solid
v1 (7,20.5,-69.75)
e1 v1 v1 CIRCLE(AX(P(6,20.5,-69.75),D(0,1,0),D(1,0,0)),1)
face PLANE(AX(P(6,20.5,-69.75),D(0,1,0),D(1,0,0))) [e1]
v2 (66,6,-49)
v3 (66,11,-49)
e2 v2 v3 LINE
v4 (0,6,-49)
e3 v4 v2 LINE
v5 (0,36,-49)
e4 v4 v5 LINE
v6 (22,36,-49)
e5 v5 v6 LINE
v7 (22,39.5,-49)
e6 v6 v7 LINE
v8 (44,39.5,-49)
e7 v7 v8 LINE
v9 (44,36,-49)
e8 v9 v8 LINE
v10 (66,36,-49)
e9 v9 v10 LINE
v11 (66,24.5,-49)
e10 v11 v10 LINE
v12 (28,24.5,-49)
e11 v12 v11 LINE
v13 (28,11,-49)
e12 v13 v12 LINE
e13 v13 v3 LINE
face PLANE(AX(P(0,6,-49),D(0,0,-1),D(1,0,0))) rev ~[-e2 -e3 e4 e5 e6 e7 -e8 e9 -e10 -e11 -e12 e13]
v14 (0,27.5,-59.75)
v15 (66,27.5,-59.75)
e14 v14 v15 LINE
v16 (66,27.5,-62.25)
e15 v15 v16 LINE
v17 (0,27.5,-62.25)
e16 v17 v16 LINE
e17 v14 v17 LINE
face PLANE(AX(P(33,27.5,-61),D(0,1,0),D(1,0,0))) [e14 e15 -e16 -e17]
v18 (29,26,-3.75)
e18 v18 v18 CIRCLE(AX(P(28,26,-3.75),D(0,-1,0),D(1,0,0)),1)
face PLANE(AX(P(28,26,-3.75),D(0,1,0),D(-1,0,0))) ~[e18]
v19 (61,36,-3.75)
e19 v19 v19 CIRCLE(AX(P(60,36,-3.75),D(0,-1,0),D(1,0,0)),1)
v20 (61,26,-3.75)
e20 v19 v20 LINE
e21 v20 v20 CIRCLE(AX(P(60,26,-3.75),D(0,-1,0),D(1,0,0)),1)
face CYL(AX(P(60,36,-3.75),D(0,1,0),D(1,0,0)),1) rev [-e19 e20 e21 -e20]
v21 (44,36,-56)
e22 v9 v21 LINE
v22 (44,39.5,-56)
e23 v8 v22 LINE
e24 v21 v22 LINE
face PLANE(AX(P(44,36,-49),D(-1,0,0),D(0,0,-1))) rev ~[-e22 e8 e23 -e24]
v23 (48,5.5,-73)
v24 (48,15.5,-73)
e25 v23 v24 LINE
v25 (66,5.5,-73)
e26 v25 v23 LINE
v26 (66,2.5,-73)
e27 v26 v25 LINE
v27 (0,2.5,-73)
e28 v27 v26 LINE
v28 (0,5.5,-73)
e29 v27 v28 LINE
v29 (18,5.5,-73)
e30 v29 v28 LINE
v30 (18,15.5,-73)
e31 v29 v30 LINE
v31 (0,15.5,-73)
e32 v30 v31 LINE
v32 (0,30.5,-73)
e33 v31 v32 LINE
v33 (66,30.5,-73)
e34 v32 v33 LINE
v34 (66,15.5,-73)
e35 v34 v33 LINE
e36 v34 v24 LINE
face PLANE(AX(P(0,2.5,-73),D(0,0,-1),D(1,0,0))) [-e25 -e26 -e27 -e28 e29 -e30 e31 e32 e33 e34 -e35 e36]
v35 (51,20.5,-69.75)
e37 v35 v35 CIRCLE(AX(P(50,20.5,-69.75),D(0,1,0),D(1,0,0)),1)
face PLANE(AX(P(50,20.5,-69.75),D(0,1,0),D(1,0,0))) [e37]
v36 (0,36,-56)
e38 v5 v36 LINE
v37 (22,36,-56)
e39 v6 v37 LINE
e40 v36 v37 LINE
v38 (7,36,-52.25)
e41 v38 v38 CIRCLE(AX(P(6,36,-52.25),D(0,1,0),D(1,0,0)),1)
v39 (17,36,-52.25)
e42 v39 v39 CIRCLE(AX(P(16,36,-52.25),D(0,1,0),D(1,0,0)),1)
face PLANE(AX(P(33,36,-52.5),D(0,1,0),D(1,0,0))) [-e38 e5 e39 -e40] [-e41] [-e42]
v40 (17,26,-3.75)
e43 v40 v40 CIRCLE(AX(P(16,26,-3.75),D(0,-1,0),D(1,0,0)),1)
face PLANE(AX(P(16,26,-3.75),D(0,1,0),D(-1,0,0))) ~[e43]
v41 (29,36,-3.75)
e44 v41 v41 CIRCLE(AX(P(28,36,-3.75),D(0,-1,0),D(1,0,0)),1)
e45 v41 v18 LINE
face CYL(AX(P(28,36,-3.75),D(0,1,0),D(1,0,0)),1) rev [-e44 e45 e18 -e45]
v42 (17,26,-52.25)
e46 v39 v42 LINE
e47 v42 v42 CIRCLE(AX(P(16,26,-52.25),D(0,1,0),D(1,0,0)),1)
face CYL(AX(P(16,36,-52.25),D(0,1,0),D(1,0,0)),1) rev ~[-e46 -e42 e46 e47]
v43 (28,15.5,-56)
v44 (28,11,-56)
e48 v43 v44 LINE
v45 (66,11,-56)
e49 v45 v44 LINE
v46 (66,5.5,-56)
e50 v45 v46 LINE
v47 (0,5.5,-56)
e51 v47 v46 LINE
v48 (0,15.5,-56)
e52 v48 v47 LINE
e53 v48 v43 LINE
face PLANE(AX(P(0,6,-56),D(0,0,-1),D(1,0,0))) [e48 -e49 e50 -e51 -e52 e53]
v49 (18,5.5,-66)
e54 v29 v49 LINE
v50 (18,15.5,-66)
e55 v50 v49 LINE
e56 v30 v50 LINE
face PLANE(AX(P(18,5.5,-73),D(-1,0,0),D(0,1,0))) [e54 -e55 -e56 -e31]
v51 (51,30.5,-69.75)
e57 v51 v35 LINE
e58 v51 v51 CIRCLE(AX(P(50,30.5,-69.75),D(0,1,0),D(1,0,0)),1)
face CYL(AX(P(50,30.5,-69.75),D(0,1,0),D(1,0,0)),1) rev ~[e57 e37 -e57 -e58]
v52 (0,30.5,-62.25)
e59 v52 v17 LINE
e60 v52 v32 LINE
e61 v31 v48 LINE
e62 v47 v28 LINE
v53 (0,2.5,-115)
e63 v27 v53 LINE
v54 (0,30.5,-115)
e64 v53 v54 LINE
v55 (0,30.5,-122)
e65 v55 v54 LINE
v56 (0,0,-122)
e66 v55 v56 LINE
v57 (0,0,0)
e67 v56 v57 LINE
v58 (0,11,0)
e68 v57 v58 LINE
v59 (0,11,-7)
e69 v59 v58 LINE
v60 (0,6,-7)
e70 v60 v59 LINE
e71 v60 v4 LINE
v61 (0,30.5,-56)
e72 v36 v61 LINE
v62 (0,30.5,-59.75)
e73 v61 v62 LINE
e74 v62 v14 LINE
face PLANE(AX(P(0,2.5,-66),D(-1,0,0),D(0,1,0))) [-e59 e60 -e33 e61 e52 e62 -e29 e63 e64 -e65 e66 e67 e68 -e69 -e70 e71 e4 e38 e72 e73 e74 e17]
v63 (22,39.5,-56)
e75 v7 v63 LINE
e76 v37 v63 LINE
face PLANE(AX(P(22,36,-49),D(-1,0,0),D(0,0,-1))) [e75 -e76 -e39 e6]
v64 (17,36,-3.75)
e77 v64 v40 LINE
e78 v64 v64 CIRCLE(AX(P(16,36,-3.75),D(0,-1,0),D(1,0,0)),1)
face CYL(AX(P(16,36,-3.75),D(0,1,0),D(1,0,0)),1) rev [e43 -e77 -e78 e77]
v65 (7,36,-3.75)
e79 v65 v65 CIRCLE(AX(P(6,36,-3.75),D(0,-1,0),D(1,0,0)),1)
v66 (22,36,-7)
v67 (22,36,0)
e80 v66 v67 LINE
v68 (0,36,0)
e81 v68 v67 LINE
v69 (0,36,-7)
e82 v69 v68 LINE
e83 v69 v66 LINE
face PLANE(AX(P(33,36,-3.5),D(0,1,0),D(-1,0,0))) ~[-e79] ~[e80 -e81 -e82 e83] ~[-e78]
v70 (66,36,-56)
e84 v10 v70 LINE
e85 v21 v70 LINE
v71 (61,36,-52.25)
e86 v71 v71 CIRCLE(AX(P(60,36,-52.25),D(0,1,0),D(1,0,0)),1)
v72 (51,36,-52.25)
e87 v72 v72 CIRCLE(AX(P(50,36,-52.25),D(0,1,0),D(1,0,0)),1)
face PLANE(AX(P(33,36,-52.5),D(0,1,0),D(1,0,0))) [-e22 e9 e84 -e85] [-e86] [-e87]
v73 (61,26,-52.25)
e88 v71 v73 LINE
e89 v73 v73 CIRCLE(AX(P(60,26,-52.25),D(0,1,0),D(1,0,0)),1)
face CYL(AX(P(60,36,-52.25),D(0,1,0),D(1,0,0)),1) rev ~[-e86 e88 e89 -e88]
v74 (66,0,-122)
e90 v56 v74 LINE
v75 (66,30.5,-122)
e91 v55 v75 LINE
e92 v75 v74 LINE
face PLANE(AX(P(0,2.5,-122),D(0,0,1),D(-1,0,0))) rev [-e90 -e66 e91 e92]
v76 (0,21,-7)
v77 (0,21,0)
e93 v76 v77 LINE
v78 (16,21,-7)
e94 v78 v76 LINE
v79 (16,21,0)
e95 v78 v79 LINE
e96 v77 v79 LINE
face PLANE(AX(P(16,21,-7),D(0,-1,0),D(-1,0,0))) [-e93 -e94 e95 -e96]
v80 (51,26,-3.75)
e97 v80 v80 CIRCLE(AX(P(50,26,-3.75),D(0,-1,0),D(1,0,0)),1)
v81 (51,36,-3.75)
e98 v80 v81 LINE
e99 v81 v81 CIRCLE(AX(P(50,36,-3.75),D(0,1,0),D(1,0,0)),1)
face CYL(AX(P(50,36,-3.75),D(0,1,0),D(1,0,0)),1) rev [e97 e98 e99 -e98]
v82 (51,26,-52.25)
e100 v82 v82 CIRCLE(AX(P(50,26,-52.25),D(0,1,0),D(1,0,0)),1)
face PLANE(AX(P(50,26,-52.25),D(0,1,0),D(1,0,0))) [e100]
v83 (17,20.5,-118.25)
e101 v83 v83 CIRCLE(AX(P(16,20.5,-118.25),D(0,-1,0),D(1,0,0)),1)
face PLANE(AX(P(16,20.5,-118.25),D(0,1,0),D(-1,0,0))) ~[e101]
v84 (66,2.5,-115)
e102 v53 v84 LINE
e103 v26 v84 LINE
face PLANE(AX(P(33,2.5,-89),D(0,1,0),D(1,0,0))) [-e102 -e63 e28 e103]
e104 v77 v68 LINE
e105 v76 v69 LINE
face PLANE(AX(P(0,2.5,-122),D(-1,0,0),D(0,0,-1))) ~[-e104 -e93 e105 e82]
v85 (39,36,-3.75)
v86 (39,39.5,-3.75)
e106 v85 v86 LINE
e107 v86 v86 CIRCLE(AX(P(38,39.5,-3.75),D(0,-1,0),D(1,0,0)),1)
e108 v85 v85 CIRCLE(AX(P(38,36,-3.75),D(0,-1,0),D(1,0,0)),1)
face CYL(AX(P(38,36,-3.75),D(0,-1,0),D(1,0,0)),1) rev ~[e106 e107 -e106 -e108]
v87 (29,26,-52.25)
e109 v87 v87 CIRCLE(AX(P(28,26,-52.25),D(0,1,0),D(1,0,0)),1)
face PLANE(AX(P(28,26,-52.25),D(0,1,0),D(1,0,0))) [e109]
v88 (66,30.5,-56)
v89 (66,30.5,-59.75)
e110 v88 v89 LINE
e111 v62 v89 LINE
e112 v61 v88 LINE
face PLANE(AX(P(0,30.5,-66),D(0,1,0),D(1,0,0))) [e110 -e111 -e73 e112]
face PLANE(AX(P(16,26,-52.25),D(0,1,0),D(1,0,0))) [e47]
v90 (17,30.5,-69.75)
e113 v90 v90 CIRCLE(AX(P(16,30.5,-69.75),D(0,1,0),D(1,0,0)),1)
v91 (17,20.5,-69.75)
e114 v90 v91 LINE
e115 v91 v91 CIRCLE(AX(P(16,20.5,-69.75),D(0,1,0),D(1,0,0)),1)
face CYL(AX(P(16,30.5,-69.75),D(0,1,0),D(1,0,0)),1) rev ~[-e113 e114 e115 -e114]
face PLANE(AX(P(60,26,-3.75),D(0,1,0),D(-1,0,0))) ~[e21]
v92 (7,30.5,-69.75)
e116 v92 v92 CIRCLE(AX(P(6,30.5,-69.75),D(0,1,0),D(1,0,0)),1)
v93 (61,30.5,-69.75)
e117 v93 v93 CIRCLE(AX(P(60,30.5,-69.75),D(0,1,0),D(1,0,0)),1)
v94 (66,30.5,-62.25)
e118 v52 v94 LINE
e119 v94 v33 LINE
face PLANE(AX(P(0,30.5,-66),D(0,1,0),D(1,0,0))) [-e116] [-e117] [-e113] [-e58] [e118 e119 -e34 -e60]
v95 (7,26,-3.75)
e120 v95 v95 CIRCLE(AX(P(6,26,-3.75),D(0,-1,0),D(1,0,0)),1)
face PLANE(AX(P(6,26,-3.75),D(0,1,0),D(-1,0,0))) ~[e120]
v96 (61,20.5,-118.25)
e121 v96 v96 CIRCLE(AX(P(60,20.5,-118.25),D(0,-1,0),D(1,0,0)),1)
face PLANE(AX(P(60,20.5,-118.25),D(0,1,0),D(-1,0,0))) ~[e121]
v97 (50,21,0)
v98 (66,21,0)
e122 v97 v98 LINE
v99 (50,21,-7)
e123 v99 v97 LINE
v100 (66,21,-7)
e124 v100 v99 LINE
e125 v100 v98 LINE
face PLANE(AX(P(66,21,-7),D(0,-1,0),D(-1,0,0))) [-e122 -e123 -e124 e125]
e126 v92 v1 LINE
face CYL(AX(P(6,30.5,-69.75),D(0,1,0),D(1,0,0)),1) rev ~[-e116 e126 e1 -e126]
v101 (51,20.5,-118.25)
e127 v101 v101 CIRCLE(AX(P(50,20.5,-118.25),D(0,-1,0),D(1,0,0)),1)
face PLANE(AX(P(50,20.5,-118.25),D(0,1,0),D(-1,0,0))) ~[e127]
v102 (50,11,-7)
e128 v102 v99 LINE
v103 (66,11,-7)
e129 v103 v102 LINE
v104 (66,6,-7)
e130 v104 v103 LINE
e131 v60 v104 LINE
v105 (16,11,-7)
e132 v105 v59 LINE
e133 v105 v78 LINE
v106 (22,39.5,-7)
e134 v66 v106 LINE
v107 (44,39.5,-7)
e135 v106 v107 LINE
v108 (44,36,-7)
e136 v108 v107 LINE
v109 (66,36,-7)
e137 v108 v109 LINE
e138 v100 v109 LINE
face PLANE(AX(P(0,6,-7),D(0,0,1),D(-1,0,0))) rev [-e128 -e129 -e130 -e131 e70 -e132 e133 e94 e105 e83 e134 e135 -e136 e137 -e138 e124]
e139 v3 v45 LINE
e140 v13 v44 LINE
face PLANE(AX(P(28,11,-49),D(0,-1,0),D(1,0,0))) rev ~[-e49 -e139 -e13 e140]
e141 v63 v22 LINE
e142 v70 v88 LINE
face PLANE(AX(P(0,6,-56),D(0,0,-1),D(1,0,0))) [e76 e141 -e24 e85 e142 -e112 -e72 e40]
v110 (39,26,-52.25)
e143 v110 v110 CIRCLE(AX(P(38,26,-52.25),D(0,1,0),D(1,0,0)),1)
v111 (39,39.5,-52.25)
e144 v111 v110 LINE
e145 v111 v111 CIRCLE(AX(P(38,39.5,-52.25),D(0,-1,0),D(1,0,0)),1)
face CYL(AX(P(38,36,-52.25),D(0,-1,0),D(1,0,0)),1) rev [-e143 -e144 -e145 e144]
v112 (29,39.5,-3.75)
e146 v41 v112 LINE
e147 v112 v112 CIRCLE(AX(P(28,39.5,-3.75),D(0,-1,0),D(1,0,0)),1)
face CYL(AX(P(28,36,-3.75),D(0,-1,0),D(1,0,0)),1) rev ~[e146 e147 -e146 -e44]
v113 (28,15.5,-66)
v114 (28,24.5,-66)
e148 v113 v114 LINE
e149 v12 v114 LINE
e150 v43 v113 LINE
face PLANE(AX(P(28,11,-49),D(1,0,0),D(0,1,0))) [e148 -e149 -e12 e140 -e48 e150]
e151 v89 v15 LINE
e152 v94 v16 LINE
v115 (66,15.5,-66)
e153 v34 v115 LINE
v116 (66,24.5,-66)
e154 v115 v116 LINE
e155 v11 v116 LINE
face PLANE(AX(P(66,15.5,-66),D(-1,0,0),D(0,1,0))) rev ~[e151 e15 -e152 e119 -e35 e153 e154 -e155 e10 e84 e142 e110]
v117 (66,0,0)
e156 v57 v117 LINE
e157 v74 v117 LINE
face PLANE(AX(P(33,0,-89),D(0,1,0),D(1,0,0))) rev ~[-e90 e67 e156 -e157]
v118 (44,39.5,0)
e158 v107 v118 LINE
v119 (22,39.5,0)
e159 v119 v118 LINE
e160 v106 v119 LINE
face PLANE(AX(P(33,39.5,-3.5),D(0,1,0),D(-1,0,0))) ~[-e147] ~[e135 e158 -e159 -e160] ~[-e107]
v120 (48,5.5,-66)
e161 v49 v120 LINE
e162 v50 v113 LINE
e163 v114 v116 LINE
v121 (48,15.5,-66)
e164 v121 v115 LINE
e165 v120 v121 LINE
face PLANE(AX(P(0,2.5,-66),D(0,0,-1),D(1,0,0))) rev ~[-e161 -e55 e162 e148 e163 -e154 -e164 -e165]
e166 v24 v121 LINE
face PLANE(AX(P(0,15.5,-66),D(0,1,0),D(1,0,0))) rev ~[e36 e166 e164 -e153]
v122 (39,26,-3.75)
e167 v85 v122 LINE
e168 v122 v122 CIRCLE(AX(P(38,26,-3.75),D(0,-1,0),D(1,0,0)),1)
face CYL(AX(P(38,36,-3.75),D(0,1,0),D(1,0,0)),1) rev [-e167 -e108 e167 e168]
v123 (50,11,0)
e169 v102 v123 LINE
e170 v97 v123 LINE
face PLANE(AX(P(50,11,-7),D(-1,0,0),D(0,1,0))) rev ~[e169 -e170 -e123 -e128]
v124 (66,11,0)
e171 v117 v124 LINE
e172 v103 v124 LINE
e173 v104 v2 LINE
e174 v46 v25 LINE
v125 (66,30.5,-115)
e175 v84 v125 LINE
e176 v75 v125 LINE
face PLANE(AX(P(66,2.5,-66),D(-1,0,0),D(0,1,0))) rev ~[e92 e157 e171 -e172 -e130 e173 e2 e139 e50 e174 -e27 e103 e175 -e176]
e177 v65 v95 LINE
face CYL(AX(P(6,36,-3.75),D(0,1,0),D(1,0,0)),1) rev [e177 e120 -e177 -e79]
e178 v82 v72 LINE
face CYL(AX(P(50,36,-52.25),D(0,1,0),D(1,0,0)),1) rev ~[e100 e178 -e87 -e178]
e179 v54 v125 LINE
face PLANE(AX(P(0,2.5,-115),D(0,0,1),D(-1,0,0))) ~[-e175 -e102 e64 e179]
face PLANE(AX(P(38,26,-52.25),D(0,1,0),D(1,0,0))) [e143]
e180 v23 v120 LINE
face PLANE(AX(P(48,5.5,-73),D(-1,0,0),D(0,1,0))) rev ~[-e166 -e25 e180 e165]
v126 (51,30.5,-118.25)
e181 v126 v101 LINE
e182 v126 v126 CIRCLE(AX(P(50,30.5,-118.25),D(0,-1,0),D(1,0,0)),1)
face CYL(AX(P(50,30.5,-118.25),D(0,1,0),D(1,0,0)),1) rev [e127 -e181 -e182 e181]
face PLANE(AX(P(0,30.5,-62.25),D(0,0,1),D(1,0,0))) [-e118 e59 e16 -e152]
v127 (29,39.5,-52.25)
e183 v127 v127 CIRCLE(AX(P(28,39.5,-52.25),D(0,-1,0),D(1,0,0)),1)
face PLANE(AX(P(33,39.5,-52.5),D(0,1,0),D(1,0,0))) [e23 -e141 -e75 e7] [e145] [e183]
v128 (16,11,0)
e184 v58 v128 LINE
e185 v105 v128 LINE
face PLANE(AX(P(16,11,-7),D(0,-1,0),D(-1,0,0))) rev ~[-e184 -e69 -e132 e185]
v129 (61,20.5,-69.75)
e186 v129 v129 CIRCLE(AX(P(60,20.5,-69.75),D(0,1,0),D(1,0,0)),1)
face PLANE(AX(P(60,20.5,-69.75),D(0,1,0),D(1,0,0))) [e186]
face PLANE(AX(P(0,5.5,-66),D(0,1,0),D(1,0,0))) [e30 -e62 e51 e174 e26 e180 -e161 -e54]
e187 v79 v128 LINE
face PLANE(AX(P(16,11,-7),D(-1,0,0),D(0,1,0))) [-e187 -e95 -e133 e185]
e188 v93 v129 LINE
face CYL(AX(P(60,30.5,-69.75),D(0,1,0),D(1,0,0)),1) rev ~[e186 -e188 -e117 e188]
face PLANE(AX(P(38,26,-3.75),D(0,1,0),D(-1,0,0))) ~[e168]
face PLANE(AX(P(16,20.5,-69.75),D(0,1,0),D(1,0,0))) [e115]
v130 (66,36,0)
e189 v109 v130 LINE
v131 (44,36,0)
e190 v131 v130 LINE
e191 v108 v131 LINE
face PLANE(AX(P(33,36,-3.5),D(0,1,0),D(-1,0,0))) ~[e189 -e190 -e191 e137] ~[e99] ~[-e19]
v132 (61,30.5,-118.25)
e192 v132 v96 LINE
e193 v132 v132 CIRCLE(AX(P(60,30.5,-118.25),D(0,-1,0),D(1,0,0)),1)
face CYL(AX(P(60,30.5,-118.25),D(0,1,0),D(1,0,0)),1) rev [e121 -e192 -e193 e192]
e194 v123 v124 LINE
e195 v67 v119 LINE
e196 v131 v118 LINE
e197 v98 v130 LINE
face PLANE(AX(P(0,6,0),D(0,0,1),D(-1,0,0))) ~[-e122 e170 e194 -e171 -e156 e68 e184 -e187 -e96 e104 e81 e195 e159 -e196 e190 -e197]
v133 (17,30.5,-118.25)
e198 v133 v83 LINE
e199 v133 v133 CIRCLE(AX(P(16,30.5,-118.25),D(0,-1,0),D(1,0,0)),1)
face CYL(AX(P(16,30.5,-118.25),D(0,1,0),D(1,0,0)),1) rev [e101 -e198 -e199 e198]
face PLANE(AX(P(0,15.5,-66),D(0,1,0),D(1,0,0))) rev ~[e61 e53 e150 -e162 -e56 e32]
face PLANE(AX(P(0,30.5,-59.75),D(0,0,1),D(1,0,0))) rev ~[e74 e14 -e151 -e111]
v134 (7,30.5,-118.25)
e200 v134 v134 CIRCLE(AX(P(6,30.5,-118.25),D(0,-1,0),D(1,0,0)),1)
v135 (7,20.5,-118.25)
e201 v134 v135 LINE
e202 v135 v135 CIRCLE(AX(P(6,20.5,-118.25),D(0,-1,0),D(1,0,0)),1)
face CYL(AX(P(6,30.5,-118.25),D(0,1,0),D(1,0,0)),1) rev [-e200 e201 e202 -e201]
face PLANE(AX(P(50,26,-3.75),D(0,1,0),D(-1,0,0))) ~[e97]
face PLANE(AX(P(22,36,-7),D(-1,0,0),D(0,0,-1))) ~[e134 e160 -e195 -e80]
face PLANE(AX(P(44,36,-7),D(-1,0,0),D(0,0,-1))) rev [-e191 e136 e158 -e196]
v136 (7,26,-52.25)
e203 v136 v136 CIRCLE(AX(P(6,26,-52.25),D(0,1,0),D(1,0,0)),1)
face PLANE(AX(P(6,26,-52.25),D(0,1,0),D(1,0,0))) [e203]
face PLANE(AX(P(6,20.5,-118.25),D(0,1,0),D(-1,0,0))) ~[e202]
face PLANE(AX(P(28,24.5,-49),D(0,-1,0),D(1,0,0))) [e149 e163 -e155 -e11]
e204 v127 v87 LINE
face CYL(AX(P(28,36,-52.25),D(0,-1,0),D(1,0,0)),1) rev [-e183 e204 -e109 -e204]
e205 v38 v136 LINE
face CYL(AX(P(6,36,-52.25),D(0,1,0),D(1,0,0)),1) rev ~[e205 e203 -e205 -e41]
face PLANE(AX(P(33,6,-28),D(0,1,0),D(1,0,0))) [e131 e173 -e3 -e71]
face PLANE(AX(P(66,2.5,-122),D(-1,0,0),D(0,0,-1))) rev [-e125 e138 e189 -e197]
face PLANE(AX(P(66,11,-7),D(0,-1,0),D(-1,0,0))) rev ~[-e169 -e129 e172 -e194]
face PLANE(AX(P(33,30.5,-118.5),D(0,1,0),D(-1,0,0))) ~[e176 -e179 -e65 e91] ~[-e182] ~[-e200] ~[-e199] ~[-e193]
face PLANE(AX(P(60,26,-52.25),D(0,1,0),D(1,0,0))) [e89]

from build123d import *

# Parameters (mm, degrees)
SKETCH1_W            = 66
SKETCH1_H            = 56
BOSS_EXTRUDE1_DEPTH  = 6
SKETCH2_W            = 66
SKETCH2_H            = 7
BOSS_EXTRUDE2_DEPTH  = 30
SKETCH4_W            = 22
SKETCH4_H            = 7
BOSS_EXTRUDE3_DEPTH  = 3.5
SKETCH6_R            = 1
CUT_EXTRUDE1_DEPTH   = 10
SKETCH15_W           = 66
SKETCH15_H           = 66
BOSS_EXTRUDE4_DEPTH  = 2.5
SKETCH16_W           = 66
SKETCH16_H           = 7
BOSS_EXTRUDE6_DEPTH  = 28
SKETCH17_R           = 1
CUT_EXTRUDE2_DEPTH   = 10
CUT_EXTRUDE3_REACH   = 9
SKETCH14_W           = 16
SKETCH14_H           = 10
CUT_EXTRUDE4_REACH   = 75
SKETCH19_W           = 18
SKETCH19_H           = 10
SKETCH24_W           = 66
SKETCH24_H           = 15
BOSS_EXTRUDE9_DEPTH  = 10
SKETCH27_W           = 38
SKETCH27_H           = 13.5
CUT_EXTRUDE9_DEPTH   = 17
SKETCH26_W           = 66
SKETCH26_H           = 3
BOSS_EXTRUDE10_DEPTH = 10
SKETCH28_W           = 66
SKETCH28_H           = 2.5
CUT_EXTRUDE10_DEPTH  = 3


with BuildPart() as part:
    # Sketch1 → Boss-Extrude1 (new body)
    with BuildSketch(Plane(origin=(0, 0, 0), x_dir=(1, 0, 0), z_dir=(0, 1, 0))):
        with Locations((33, 28)):
            Rectangle(SKETCH1_W, SKETCH1_H)
    boss_extrude1 = extrude(amount=BOSS_EXTRUDE1_DEPTH)

    # Sketch2 → Boss-Extrude2 (add)
    with BuildSketch(Plane(origin=(0, 6, 0), x_dir=(1, 0, 0), z_dir=(0, 1, 0))):
        with Locations((33, 52.5)):
            Rectangle(SKETCH2_W, SKETCH2_H)
    boss_extrude2 = extrude(amount=BOSS_EXTRUDE2_DEPTH)

    # Sketch4 → Boss-Extrude3 (add)
    with BuildSketch(Plane(origin=(0, 36, 0), x_dir=(1, 0, 0), z_dir=(0, 1, 0))):
        with Locations((33, 52.5)):
            Rectangle(SKETCH4_W, SKETCH4_H)
    boss_extrude3 = extrude(amount=BOSS_EXTRUDE3_DEPTH)

    # Sketch6 → Cut-Extrude1 (cut, symmetric)
    with BuildSketch(Plane(origin=(0, 36, 0), x_dir=(1, 0, 0), z_dir=(0, 1, 0))):
        with Locations((6, 52.25)):
            Circle(SKETCH6_R)
        with Locations((16, 52.25)):
            Circle(SKETCH6_R)
        with Locations((38, 52.25)):
            Circle(SKETCH6_R)
        with Locations((28, 52.25)):
            Circle(SKETCH6_R)
        with Locations((60, 52.25)):
            Circle(SKETCH6_R)
        with Locations((50, 52.25)):
            Circle(SKETCH6_R)
    cut_extrude1 = extrude(amount=CUT_EXTRUDE1_DEPTH, both=True, mode=Mode.SUBTRACT)

    # Mirror1: Boss-Extrude1, Boss-Extrude2, Boss-Extrude3, Cut-Extrude1 across plane
    add(boss_extrude1.mirror(Plane.XY.offset(-28)))
    add(boss_extrude2.mirror(Plane.XY.offset(-28)))
    add(boss_extrude3.mirror(Plane.XY.offset(-28)))
    add(cut_extrude1.mirror(Plane.XY.offset(-28)), mode=Mode.SUBTRACT)

    # Sketch15 → Boss-Extrude4 (add)
    with BuildSketch(Plane(origin=(0, 0, 0), x_dir=(1, 0, 0), z_dir=(0, 1, 0))):
        with Locations((33, 89)):
            Rectangle(SKETCH15_W, SKETCH15_H)
    extrude(amount=BOSS_EXTRUDE4_DEPTH)

    # Sketch16 → Boss-Extrude6 (add)
    with BuildSketch(Plane(origin=(0, 2.5, 0), x_dir=(1, 0, 0), z_dir=(0, 1, 0))):
        with Locations((33, 69.5)):
            Rectangle(SKETCH16_W, SKETCH16_H)
    boss_extrude6 = extrude(amount=BOSS_EXTRUDE6_DEPTH)

    # Sketch17 → Cut-Extrude2 (cut)
    with BuildSketch(Plane(origin=(0, 30.5, 0), x_dir=(1, 0, 0), z_dir=(0, 1, 0))):
        with Locations((6, 69.75)):
            Circle(SKETCH17_R)
        with Locations((16, 69.75)):
            Circle(SKETCH17_R)
        with Locations((50, 69.75)):
            Circle(SKETCH17_R)
        with Locations((60, 69.75)):
            Circle(SKETCH17_R)
    cut_extrude2 = extrude(amount=-CUT_EXTRUDE2_DEPTH, mode=Mode.SUBTRACT)

    # Mirror2: Boss-Extrude6, Cut-Extrude2 across plane
    add(boss_extrude6.mirror(Plane(origin=(0, 0, -94), x_dir=(1, 0, 0), z_dir=(0, 0, -1))))
    add(cut_extrude2.mirror(Plane(origin=(0, 0, -94), x_dir=(1, 0, 0), z_dir=(0, 0, -1))), mode=Mode.SUBTRACT)

    # Sketch14 → Cut-Extrude3 (cut, up to next)
    with BuildSketch(Plane(origin=(0, 0, -7), x_dir=(-1, 0, 0), z_dir=(0, 0, -1)), mode=Mode.PRIVATE) as cut_extrude3_sk1:
        with Locations((-8, 16)):
            Rectangle(SKETCH14_W, SKETCH14_H)
    cut_extrude3_tool1 = extrude(cut_extrude3_sk1.sketch, amount=-CUT_EXTRUDE3_REACH, mode=Mode.PRIVATE) & part.part
    add(cut_extrude3_tool1.solids().sort_by_distance((8, 16, -7))[0], mode=Mode.SUBTRACT)
    # Sketch14 → Cut-Extrude3 (cut, up to next)
    with BuildSketch(Plane(origin=(0, 0, -7), x_dir=(-1, 0, 0), z_dir=(0, 0, -1)), mode=Mode.PRIVATE) as cut_extrude3_sk2:
        with Locations((-58, 16)):
            Rectangle(SKETCH14_W, SKETCH14_H)
    cut_extrude3_tool2 = extrude(cut_extrude3_sk2.sketch, amount=-CUT_EXTRUDE3_REACH, mode=Mode.PRIVATE) & part.part
    add(cut_extrude3_tool2.solids().sort_by_distance((58, 16, -7))[0], mode=Mode.SUBTRACT)

    # Sketch19 → Cut-Extrude4 (cut, up to next)
    with BuildSketch(Plane(origin=(0, 0, -73), x_dir=(-1, 0, 0), z_dir=(0, 0, -1)), mode=Mode.PRIVATE) as cut_extrude4_sk1:
        with Locations((-9, 10.5)):
            Rectangle(SKETCH19_W, SKETCH19_H)
    cut_extrude4_tool1 = extrude(cut_extrude4_sk1.sketch, amount=-CUT_EXTRUDE4_REACH, mode=Mode.PRIVATE) & part.part
    add(cut_extrude4_tool1.solids().sort_by_distance((9, 10.5, -73))[0], mode=Mode.SUBTRACT)
    # Sketch19 → Cut-Extrude4 (cut, up to next)
    with BuildSketch(Plane(origin=(0, 0, -73), x_dir=(-1, 0, 0), z_dir=(0, 0, -1)), mode=Mode.PRIVATE) as cut_extrude4_sk2:
        with Locations((-57, 10.5)):
            Rectangle(SKETCH19_W, SKETCH19_H)
    cut_extrude4_tool2 = extrude(cut_extrude4_sk2.sketch, amount=-CUT_EXTRUDE4_REACH, mode=Mode.PRIVATE) & part.part
    add(cut_extrude4_tool2.solids().sort_by_distance((57, 10.5, -73))[0], mode=Mode.SUBTRACT)

    # Sketch24 → Boss-Extrude9 (add)
    with BuildSketch(Plane.XY.offset(-66)):
        with Locations((33, 23)):
            Rectangle(SKETCH24_W, SKETCH24_H)
    extrude(amount=BOSS_EXTRUDE9_DEPTH)

    # Sketch27 → Cut-Extrude9 (cut)
    with BuildSketch(Plane.XY.offset(-49)):
        with Locations((47, 17.75)):
            Rectangle(SKETCH27_W, SKETCH27_H)
    extrude(amount=-CUT_EXTRUDE9_DEPTH, mode=Mode.SUBTRACT)

    # Sketch26 → Boss-Extrude10 (add)
    with BuildSketch(Plane.XY.offset(-66)):
        with Locations((33, 4)):
            Rectangle(SKETCH26_W, SKETCH26_H)
    extrude(amount=BOSS_EXTRUDE10_DEPTH)

    # Sketch28 → Cut-Extrude10 (cut)
    with BuildSketch(Plane(origin=(0, 30.5, 0), x_dir=(1, 0, 0), z_dir=(0, 1, 0))):
        with Locations((33, 61)):
            Rectangle(SKETCH28_W, SKETCH28_H)
    extrude(amount=-CUT_EXTRUDE10_DEPTH, mode=Mode.SUBTRACT)


solid = part.part
